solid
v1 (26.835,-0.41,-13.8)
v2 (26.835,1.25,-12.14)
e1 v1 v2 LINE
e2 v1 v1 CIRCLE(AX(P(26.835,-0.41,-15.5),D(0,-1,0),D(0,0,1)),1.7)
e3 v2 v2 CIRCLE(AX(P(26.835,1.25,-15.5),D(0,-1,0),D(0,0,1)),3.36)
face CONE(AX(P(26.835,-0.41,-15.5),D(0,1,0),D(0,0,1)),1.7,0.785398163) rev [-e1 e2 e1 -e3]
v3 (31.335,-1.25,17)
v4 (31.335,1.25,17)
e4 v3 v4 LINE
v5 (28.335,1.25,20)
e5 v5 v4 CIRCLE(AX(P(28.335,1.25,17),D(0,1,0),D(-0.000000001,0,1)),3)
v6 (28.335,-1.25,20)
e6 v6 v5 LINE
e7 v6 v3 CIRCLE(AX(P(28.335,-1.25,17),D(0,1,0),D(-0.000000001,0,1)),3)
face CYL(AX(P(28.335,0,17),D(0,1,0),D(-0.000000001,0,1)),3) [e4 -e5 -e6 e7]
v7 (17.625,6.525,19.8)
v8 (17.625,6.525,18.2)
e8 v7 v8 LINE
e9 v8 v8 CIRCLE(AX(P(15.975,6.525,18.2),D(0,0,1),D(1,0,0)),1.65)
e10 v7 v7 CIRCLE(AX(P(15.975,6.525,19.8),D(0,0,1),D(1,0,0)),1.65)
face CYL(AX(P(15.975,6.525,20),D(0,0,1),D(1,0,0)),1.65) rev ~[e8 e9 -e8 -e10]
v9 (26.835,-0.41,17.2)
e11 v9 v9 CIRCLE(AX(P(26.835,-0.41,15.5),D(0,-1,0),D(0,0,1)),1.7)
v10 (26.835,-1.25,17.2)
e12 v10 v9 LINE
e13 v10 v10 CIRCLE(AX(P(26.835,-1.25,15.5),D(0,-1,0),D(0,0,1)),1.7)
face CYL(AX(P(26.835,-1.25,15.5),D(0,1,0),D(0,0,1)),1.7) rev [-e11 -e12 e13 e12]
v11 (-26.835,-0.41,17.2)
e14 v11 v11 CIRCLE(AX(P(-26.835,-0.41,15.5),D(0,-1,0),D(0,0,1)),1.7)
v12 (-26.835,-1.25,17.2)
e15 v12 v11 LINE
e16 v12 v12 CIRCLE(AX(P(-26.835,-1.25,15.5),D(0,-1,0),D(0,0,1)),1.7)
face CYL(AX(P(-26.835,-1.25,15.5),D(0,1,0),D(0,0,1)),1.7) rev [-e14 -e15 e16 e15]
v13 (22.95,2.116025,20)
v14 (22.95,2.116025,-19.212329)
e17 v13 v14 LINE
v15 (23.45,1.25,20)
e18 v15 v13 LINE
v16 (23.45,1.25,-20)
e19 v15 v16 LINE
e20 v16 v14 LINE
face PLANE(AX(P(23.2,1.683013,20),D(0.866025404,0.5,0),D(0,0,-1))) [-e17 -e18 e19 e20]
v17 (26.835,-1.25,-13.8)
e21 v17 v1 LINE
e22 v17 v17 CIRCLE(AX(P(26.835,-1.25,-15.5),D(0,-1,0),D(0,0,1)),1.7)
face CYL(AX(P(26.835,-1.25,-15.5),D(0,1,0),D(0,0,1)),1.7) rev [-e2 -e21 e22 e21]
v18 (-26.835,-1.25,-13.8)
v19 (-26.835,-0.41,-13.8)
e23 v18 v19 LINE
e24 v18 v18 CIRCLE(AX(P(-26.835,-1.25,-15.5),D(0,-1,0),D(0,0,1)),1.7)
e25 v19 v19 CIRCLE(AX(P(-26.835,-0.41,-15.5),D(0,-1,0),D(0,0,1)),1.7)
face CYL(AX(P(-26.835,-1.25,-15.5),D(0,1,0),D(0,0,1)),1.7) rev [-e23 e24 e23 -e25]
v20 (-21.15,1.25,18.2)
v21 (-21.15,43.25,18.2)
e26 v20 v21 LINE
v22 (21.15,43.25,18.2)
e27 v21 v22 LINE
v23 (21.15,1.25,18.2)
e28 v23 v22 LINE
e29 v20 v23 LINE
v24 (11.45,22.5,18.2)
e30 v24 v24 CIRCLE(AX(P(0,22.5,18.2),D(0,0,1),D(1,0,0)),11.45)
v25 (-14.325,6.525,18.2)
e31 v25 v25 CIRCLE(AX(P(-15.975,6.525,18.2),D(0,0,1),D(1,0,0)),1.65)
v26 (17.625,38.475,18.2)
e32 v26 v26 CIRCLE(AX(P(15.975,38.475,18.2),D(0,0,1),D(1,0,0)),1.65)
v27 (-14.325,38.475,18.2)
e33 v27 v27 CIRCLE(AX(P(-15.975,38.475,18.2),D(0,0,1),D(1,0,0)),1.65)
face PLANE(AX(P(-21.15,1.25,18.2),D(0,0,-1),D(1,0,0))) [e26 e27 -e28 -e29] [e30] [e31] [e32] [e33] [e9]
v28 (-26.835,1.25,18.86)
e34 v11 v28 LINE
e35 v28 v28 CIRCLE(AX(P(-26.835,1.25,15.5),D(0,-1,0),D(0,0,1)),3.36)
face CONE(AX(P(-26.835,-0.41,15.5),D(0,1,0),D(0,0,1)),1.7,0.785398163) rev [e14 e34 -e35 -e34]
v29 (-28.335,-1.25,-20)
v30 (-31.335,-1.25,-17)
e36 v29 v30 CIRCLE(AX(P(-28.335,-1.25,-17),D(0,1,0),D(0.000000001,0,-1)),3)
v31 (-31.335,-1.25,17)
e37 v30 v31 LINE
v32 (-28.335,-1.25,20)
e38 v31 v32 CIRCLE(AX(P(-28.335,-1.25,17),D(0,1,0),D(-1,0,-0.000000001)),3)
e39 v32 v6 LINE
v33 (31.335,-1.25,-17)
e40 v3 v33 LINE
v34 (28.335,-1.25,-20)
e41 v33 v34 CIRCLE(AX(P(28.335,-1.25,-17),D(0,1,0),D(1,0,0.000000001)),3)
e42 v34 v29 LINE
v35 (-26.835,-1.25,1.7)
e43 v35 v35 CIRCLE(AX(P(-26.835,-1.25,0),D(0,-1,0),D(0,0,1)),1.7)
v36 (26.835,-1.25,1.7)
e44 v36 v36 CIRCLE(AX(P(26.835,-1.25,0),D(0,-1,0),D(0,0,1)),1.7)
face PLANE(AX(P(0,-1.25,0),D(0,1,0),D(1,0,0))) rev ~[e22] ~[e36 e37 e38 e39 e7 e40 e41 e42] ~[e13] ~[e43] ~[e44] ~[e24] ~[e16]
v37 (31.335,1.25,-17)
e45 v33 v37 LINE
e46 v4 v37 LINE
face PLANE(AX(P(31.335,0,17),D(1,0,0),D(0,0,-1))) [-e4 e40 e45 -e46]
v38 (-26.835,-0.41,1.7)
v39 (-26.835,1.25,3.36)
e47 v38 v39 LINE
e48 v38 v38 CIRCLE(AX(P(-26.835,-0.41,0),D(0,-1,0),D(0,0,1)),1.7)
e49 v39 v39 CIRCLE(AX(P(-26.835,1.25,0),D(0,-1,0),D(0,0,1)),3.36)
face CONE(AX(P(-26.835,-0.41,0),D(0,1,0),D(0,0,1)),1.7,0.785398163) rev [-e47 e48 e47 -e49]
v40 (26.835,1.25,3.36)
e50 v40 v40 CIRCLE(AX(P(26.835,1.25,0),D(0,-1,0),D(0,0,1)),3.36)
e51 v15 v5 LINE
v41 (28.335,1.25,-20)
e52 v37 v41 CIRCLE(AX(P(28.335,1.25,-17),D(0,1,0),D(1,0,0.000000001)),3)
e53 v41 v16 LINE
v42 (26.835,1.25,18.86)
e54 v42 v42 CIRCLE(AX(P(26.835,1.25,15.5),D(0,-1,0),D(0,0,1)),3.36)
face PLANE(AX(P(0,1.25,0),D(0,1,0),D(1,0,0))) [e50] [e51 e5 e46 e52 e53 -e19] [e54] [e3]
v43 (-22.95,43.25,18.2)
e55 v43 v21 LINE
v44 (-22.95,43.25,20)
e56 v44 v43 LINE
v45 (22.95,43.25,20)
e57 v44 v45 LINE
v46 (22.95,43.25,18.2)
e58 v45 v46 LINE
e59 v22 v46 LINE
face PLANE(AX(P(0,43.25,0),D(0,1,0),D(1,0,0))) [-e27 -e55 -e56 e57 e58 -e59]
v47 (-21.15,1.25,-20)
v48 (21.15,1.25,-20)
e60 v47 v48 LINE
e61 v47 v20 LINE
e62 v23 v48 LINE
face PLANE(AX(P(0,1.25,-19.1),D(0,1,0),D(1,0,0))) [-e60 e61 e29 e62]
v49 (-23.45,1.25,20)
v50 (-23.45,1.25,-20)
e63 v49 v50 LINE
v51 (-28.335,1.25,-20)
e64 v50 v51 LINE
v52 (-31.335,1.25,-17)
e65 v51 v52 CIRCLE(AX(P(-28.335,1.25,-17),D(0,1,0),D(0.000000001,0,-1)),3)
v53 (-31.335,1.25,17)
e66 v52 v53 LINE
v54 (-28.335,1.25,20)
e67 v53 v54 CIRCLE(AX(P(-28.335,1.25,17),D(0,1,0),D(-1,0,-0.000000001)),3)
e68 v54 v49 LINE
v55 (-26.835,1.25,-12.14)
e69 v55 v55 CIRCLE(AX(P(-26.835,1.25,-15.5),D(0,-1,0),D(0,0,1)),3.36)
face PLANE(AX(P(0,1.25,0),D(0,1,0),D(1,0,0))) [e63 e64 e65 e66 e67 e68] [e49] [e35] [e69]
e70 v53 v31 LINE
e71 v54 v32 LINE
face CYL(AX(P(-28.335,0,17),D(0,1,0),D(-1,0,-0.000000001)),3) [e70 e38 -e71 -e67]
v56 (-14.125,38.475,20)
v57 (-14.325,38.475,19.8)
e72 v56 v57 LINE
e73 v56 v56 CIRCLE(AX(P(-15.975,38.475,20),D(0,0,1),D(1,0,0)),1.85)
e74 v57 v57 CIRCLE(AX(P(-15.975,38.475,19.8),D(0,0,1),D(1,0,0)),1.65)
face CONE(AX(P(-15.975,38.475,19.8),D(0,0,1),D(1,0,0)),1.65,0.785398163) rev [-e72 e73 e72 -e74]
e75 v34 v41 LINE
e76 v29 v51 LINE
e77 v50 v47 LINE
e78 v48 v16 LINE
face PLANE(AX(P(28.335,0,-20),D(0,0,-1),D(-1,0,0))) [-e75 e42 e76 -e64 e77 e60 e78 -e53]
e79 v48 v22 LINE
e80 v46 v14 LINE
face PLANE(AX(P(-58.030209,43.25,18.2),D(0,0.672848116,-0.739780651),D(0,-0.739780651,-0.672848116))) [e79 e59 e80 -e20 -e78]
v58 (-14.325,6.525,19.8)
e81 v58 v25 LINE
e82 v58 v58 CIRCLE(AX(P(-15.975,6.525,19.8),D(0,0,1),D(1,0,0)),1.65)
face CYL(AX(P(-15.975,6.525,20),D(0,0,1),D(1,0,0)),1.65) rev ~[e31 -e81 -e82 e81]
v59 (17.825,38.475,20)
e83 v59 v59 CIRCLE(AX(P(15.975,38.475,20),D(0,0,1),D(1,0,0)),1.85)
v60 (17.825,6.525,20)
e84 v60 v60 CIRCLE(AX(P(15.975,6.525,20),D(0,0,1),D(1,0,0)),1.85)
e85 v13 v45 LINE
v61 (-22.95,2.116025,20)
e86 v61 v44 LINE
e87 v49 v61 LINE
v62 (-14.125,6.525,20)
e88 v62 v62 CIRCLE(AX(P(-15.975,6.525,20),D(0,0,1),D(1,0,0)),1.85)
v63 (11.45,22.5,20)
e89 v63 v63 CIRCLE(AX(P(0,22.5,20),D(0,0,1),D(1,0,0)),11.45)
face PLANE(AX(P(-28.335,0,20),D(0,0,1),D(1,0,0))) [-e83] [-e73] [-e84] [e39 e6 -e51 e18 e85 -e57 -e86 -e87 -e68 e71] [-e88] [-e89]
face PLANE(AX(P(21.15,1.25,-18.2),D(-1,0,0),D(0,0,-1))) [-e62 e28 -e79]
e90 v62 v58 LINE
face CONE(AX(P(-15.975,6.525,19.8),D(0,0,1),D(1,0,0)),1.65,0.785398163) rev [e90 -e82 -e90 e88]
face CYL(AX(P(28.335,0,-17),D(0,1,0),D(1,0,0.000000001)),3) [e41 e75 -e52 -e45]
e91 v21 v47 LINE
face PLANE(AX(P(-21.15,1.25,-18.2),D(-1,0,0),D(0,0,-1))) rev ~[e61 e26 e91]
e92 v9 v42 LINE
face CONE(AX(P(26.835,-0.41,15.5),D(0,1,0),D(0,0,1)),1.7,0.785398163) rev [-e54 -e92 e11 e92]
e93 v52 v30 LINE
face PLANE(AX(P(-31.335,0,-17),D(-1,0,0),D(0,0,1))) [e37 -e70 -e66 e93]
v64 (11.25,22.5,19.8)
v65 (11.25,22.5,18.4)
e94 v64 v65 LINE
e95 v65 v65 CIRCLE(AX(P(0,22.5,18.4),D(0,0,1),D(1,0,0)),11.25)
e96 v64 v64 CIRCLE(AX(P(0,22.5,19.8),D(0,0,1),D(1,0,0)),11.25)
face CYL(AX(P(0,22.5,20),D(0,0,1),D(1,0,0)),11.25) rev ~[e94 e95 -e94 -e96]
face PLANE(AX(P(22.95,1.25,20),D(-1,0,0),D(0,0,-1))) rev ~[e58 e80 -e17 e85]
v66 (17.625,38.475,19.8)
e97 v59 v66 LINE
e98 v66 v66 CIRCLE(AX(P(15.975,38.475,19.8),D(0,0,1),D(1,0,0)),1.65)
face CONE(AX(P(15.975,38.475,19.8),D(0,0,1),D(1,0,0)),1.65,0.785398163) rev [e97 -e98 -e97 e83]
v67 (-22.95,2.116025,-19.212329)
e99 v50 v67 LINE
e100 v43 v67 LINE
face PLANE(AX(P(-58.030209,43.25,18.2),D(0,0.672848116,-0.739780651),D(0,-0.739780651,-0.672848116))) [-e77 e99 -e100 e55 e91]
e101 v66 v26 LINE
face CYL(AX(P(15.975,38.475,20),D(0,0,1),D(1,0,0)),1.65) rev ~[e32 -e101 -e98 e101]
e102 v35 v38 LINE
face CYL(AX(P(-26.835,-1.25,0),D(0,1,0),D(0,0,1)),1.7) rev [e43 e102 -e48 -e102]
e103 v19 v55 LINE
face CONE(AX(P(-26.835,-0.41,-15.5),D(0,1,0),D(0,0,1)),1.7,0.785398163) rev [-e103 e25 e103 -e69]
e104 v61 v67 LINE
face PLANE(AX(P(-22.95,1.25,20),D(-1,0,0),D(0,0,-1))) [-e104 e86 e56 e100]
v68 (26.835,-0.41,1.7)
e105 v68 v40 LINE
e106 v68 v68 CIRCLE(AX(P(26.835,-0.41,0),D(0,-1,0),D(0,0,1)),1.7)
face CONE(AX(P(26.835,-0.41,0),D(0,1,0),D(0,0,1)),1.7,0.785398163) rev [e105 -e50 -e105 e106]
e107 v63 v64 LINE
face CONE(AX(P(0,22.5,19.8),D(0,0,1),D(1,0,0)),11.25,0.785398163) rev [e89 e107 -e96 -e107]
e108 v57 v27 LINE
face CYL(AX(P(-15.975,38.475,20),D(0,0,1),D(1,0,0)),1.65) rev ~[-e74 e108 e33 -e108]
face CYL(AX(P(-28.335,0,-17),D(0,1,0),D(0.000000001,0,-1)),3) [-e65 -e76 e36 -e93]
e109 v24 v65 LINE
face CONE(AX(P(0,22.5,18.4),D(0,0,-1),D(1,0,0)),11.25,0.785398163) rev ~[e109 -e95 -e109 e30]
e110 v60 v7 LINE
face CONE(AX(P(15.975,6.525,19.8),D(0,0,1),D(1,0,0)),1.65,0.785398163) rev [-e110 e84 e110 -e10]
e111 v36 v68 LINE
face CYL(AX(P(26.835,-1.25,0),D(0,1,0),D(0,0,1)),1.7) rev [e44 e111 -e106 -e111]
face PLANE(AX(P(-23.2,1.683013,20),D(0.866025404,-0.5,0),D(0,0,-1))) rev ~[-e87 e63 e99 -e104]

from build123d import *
from OCP.BRepFilletAPI import BRepFilletAPI_MakeChamfer

# Parameters (mm, degrees)
RESSALTO_EXTRUS_O1_DEPTH            = 1.25
ESBO_O2_W                           = 45.9
ESBO_O2_H                           = 40
ESBO_O2_W_2                         = 42.3
ESBO_O2_H_2                         = 36.4
RESSALTO_EXTRUS_O2_DEPTH            = 42
CORTE_EXTRUS_O1_DEPTH               = 58.030208881
CORTE_EXTRUS_O1_DEPTH_BACK          = 58.030208881
ESBO_O5_R                           = 11.25
CORTE_EXTRUS_O2_DEPTH               = 67.726641793
ESBO_O6_R                           = 1.65
CORTE_EXTRUS_O3_DEPTH               = 67.726641793
ESBO_O7_W                           = 42.3
ESBO_O7_H                           = 1.8
CORTE_EXTRUS_O4_DEPTH               = 57.08816475
ESCAREADO_PARA_SFHCS_M31_AT_2_COUNT = 2
ESCAREADO_PARA_SFHCS_M31_AT_2_PITCH = 15.5
ESCAREADO_PARA_SFHCS_M31_AT_3_COUNT = 2
ESCAREADO_PARA_SFHCS_M31_AT_3_PITCH = 15.5
ESCAREADO_PARA_SFHCS_M31_AT_4_COUNT = 2
ESCAREADO_PARA_SFHCS_M31_AT_4_PITCH = 55.863394992
ESCAREADO_PARA_SFHCS_M31_AT_5_COUNT = 2
ESCAREADO_PARA_SFHCS_M31_AT_5_PITCH = 53.67
ESCAREADO_PARA_SFHCS_M31_AT_6_COUNT = 2
ESCAREADO_PARA_SFHCS_M31_AT_6_PITCH = 55.863394992
CHANFRO1_SIZE                       = 0.5
CHANFRO1_SIZE2                      = 0.866025404
CHANFRO2_SIZE                       = 0.2


with BuildPart() as part:
    # Esboço1 → Ressalto-extrusão1 (new, symmetric)
    with BuildSketch(Plane(origin=(0, 0, 0), x_dir=(1, 0, 0), z_dir=(0, 1, 0))):
        with BuildLine():
            Line((-28.335, -20), (28.335, -20))
            ThreePointArc((28.335, -20), (30.456320344, -19.121320344), (31.335, -17))
            Line((31.335, -17), (31.335, 17))
            ThreePointArc((31.335, 17), (30.456320344, 19.121320344), (28.335, 20))
            Line((28.335, 20), (-28.335, 20))
            ThreePointArc((-28.335, 20), (-30.456320344, 19.121320344), (-31.335, 17))
            Line((-31.335, 17), (-31.335, -17))
            ThreePointArc((-31.335, -17), (-30.456320344, -19.121320344), (-28.335, -20))
        make_face()
    extrude(amount=RESSALTO_EXTRUS_O1_DEPTH, both=True)

    # Esboço2 → Ressalto-extrusão2 (add)
    with BuildSketch(Plane(origin=(0, 1.25, 0), x_dir=(1, 0, 0), z_dir=(0, 1, 0))):
        Rectangle(ESBO_O2_W, ESBO_O2_H)
        Rectangle(ESBO_O2_W_2, ESBO_O2_H_2, mode=Mode.SUBTRACT)
    extrude(amount=RESSALTO_EXTRUS_O2_DEPTH)

    # Esboço4 → Corte-extrusão1 (cut, two sides: drawn at the far end of the back side and taken through both)
    with BuildSketch(Plane(origin=(0, 0, 0), x_dir=(0, 0, -1), z_dir=(1, 0, 0)).offset(-CORTE_EXTRUS_O1_DEPTH_BACK)):
        Polygon((-18.2, 43.25), (20, 1.25), (20, 43.25), align=None)
    extrude(amount=CORTE_EXTRUS_O1_DEPTH + CORTE_EXTRUS_O1_DEPTH_BACK, mode=Mode.SUBTRACT)

    # Esboço5 → Corte-extrusão2 (cut, through all)
    with BuildSketch(Plane.XY.offset(20)):
        with Locations((0, 22.5)):
            Circle(ESBO_O5_R)
    extrude(amount=-CORTE_EXTRUS_O2_DEPTH, mode=Mode.SUBTRACT)

    # Esboço6 → Corte-extrusão3 (cut, through all)
    with BuildSketch(Plane.XY.offset(20)):
        with Locations((-15.975, 38.475)):
            Circle(ESBO_O6_R)
        with Locations((15.975, 38.475)):
            Circle(ESBO_O6_R)
        with Locations((15.975, 6.525)):
            Circle(ESBO_O6_R)
        with Locations((-15.975, 6.525)):
            Circle(ESBO_O6_R)
    extrude(amount=-CORTE_EXTRUS_O3_DEPTH, mode=Mode.SUBTRACT)

    # Esboço7 → Corte-extrusão4 (cut, through all)
    with BuildSketch(Plane(origin=(0, 1.25, 0), x_dir=(1, 0, 0), z_dir=(0, 1, 0))):
        with Locations((0, 19.1)):
            Rectangle(ESBO_O7_W, ESBO_O7_H)
    extrude(amount=CORTE_EXTRUS_O4_DEPTH, mode=Mode.SUBTRACT)

    # Esboço9 → Escareado para SFHCS M31 (revolve, cut)
    with BuildSketch(Plane(origin=(-26.835, 1.25, 0), x_dir=(0, 0, 1), z_dir=(1, 0, 0))):
        Polygon((0, 0), (0, 2.5), (1.7, 2.5), (1.7, 1.66), (3.36, 0), align=None)
    escareado_para_sfhcs_m31 = revolve(axis=Axis((-26.835, 7.6, 0), (0, -1, 0)), mode=Mode.SUBTRACT)

    # Escareado para SFHCS M31 at 2: Escareado para SFHCS M31 ×2
    with Locations(*[(0, 0, i * ESCAREADO_PARA_SFHCS_M31_AT_2_PITCH) for i in range(1, ESCAREADO_PARA_SFHCS_M31_AT_2_COUNT)]):
        add(escareado_para_sfhcs_m31, mode=Mode.SUBTRACT)

    # Escareado para SFHCS M31 at 3: Escareado para SFHCS M31 ×2
    with Locations(*[(0, 0, -i * ESCAREADO_PARA_SFHCS_M31_AT_3_PITCH) for i in range(1, ESCAREADO_PARA_SFHCS_M31_AT_3_COUNT)]):
        add(escareado_para_sfhcs_m31, mode=Mode.SUBTRACT)

    # Escareado para SFHCS M31 at 4: Escareado para SFHCS M31 ×2
    with Locations(*[Vector(0.9607364537719713, 0, -0.2774625495335487) * (i * ESCAREADO_PARA_SFHCS_M31_AT_4_PITCH) for i in range(1, ESCAREADO_PARA_SFHCS_M31_AT_4_COUNT)]):
        add(escareado_para_sfhcs_m31, mode=Mode.SUBTRACT)

    # Escareado para SFHCS M31 at 5: Escareado para SFHCS M31 ×2
    with Locations(*[(i * ESCAREADO_PARA_SFHCS_M31_AT_5_PITCH, 0, 0) for i in range(1, ESCAREADO_PARA_SFHCS_M31_AT_5_COUNT)]):
        add(escareado_para_sfhcs_m31, mode=Mode.SUBTRACT)

    # Escareado para SFHCS M31 at 6: Escareado para SFHCS M31 ×2
    with Locations(*[Vector(0.9607364537719713, 0, 0.2774625495335487) * (i * ESCAREADO_PARA_SFHCS_M31_AT_6_PITCH) for i in range(1, ESCAREADO_PARA_SFHCS_M31_AT_6_COUNT)]):
        add(escareado_para_sfhcs_m31, mode=Mode.SUBTRACT)

    # Chanfro1: one chamfer whose edges measure the first distance from different faces: ONE call of the kernel's chamfer builder (chamfer() names one face for all edges)
    chanfro1_edges_1 = [part.edges().sort_by_distance(p)[0] for p in [
        (-22.95, 1.25, 0),
    ]]
    chanfro1_side_1 = [part.faces().sort_by_distance(p)[0] for p in [
        (-30.167330013, 1.25, 18.832330013),
    ]]
    chanfro1_edges_2 = [part.edges().sort_by_distance(p)[0] for p in [
        (22.95, 1.25, 0),
    ]]
    chanfro1_side_2 = [part.faces().sort_by_distance(p)[0] for p in [
        (23.358694045, 1.25, 0),
    ]]
    chanfro1 = BRepFilletAPI_MakeChamfer(part.part.solid().wrapped)
    for e in chanfro1_edges_1:
        chanfro1.Add(CHANFRO1_SIZE, CHANFRO1_SIZE2, e.wrapped, chanfro1_side_1[0].wrapped)  # the first distance lies on this face
    for e in chanfro1_edges_2:
        chanfro1.Add(CHANFRO1_SIZE, CHANFRO1_SIZE2, e.wrapped, chanfro1_side_2[0].wrapped)  # the first distance lies on this face
    add(Compound.cast(chanfro1.Shape()), mode=Mode.REPLACE)

    # Chanfro2
    chanfro2_edges = [part.edges().sort_by_distance(p)[0] for p in [
        (-11.25, 22.5, 18.2),
        (-11.25, 22.5, 20),
        (-17.625, 6.525, 20),
        (14.325, 6.525, 20),
        (14.325, 38.475, 20),
        (-17.625, 38.475, 20),
    ]]
    chamfer(chanfro2_edges, length=CHANFRO2_SIZE)


solid = part.part
